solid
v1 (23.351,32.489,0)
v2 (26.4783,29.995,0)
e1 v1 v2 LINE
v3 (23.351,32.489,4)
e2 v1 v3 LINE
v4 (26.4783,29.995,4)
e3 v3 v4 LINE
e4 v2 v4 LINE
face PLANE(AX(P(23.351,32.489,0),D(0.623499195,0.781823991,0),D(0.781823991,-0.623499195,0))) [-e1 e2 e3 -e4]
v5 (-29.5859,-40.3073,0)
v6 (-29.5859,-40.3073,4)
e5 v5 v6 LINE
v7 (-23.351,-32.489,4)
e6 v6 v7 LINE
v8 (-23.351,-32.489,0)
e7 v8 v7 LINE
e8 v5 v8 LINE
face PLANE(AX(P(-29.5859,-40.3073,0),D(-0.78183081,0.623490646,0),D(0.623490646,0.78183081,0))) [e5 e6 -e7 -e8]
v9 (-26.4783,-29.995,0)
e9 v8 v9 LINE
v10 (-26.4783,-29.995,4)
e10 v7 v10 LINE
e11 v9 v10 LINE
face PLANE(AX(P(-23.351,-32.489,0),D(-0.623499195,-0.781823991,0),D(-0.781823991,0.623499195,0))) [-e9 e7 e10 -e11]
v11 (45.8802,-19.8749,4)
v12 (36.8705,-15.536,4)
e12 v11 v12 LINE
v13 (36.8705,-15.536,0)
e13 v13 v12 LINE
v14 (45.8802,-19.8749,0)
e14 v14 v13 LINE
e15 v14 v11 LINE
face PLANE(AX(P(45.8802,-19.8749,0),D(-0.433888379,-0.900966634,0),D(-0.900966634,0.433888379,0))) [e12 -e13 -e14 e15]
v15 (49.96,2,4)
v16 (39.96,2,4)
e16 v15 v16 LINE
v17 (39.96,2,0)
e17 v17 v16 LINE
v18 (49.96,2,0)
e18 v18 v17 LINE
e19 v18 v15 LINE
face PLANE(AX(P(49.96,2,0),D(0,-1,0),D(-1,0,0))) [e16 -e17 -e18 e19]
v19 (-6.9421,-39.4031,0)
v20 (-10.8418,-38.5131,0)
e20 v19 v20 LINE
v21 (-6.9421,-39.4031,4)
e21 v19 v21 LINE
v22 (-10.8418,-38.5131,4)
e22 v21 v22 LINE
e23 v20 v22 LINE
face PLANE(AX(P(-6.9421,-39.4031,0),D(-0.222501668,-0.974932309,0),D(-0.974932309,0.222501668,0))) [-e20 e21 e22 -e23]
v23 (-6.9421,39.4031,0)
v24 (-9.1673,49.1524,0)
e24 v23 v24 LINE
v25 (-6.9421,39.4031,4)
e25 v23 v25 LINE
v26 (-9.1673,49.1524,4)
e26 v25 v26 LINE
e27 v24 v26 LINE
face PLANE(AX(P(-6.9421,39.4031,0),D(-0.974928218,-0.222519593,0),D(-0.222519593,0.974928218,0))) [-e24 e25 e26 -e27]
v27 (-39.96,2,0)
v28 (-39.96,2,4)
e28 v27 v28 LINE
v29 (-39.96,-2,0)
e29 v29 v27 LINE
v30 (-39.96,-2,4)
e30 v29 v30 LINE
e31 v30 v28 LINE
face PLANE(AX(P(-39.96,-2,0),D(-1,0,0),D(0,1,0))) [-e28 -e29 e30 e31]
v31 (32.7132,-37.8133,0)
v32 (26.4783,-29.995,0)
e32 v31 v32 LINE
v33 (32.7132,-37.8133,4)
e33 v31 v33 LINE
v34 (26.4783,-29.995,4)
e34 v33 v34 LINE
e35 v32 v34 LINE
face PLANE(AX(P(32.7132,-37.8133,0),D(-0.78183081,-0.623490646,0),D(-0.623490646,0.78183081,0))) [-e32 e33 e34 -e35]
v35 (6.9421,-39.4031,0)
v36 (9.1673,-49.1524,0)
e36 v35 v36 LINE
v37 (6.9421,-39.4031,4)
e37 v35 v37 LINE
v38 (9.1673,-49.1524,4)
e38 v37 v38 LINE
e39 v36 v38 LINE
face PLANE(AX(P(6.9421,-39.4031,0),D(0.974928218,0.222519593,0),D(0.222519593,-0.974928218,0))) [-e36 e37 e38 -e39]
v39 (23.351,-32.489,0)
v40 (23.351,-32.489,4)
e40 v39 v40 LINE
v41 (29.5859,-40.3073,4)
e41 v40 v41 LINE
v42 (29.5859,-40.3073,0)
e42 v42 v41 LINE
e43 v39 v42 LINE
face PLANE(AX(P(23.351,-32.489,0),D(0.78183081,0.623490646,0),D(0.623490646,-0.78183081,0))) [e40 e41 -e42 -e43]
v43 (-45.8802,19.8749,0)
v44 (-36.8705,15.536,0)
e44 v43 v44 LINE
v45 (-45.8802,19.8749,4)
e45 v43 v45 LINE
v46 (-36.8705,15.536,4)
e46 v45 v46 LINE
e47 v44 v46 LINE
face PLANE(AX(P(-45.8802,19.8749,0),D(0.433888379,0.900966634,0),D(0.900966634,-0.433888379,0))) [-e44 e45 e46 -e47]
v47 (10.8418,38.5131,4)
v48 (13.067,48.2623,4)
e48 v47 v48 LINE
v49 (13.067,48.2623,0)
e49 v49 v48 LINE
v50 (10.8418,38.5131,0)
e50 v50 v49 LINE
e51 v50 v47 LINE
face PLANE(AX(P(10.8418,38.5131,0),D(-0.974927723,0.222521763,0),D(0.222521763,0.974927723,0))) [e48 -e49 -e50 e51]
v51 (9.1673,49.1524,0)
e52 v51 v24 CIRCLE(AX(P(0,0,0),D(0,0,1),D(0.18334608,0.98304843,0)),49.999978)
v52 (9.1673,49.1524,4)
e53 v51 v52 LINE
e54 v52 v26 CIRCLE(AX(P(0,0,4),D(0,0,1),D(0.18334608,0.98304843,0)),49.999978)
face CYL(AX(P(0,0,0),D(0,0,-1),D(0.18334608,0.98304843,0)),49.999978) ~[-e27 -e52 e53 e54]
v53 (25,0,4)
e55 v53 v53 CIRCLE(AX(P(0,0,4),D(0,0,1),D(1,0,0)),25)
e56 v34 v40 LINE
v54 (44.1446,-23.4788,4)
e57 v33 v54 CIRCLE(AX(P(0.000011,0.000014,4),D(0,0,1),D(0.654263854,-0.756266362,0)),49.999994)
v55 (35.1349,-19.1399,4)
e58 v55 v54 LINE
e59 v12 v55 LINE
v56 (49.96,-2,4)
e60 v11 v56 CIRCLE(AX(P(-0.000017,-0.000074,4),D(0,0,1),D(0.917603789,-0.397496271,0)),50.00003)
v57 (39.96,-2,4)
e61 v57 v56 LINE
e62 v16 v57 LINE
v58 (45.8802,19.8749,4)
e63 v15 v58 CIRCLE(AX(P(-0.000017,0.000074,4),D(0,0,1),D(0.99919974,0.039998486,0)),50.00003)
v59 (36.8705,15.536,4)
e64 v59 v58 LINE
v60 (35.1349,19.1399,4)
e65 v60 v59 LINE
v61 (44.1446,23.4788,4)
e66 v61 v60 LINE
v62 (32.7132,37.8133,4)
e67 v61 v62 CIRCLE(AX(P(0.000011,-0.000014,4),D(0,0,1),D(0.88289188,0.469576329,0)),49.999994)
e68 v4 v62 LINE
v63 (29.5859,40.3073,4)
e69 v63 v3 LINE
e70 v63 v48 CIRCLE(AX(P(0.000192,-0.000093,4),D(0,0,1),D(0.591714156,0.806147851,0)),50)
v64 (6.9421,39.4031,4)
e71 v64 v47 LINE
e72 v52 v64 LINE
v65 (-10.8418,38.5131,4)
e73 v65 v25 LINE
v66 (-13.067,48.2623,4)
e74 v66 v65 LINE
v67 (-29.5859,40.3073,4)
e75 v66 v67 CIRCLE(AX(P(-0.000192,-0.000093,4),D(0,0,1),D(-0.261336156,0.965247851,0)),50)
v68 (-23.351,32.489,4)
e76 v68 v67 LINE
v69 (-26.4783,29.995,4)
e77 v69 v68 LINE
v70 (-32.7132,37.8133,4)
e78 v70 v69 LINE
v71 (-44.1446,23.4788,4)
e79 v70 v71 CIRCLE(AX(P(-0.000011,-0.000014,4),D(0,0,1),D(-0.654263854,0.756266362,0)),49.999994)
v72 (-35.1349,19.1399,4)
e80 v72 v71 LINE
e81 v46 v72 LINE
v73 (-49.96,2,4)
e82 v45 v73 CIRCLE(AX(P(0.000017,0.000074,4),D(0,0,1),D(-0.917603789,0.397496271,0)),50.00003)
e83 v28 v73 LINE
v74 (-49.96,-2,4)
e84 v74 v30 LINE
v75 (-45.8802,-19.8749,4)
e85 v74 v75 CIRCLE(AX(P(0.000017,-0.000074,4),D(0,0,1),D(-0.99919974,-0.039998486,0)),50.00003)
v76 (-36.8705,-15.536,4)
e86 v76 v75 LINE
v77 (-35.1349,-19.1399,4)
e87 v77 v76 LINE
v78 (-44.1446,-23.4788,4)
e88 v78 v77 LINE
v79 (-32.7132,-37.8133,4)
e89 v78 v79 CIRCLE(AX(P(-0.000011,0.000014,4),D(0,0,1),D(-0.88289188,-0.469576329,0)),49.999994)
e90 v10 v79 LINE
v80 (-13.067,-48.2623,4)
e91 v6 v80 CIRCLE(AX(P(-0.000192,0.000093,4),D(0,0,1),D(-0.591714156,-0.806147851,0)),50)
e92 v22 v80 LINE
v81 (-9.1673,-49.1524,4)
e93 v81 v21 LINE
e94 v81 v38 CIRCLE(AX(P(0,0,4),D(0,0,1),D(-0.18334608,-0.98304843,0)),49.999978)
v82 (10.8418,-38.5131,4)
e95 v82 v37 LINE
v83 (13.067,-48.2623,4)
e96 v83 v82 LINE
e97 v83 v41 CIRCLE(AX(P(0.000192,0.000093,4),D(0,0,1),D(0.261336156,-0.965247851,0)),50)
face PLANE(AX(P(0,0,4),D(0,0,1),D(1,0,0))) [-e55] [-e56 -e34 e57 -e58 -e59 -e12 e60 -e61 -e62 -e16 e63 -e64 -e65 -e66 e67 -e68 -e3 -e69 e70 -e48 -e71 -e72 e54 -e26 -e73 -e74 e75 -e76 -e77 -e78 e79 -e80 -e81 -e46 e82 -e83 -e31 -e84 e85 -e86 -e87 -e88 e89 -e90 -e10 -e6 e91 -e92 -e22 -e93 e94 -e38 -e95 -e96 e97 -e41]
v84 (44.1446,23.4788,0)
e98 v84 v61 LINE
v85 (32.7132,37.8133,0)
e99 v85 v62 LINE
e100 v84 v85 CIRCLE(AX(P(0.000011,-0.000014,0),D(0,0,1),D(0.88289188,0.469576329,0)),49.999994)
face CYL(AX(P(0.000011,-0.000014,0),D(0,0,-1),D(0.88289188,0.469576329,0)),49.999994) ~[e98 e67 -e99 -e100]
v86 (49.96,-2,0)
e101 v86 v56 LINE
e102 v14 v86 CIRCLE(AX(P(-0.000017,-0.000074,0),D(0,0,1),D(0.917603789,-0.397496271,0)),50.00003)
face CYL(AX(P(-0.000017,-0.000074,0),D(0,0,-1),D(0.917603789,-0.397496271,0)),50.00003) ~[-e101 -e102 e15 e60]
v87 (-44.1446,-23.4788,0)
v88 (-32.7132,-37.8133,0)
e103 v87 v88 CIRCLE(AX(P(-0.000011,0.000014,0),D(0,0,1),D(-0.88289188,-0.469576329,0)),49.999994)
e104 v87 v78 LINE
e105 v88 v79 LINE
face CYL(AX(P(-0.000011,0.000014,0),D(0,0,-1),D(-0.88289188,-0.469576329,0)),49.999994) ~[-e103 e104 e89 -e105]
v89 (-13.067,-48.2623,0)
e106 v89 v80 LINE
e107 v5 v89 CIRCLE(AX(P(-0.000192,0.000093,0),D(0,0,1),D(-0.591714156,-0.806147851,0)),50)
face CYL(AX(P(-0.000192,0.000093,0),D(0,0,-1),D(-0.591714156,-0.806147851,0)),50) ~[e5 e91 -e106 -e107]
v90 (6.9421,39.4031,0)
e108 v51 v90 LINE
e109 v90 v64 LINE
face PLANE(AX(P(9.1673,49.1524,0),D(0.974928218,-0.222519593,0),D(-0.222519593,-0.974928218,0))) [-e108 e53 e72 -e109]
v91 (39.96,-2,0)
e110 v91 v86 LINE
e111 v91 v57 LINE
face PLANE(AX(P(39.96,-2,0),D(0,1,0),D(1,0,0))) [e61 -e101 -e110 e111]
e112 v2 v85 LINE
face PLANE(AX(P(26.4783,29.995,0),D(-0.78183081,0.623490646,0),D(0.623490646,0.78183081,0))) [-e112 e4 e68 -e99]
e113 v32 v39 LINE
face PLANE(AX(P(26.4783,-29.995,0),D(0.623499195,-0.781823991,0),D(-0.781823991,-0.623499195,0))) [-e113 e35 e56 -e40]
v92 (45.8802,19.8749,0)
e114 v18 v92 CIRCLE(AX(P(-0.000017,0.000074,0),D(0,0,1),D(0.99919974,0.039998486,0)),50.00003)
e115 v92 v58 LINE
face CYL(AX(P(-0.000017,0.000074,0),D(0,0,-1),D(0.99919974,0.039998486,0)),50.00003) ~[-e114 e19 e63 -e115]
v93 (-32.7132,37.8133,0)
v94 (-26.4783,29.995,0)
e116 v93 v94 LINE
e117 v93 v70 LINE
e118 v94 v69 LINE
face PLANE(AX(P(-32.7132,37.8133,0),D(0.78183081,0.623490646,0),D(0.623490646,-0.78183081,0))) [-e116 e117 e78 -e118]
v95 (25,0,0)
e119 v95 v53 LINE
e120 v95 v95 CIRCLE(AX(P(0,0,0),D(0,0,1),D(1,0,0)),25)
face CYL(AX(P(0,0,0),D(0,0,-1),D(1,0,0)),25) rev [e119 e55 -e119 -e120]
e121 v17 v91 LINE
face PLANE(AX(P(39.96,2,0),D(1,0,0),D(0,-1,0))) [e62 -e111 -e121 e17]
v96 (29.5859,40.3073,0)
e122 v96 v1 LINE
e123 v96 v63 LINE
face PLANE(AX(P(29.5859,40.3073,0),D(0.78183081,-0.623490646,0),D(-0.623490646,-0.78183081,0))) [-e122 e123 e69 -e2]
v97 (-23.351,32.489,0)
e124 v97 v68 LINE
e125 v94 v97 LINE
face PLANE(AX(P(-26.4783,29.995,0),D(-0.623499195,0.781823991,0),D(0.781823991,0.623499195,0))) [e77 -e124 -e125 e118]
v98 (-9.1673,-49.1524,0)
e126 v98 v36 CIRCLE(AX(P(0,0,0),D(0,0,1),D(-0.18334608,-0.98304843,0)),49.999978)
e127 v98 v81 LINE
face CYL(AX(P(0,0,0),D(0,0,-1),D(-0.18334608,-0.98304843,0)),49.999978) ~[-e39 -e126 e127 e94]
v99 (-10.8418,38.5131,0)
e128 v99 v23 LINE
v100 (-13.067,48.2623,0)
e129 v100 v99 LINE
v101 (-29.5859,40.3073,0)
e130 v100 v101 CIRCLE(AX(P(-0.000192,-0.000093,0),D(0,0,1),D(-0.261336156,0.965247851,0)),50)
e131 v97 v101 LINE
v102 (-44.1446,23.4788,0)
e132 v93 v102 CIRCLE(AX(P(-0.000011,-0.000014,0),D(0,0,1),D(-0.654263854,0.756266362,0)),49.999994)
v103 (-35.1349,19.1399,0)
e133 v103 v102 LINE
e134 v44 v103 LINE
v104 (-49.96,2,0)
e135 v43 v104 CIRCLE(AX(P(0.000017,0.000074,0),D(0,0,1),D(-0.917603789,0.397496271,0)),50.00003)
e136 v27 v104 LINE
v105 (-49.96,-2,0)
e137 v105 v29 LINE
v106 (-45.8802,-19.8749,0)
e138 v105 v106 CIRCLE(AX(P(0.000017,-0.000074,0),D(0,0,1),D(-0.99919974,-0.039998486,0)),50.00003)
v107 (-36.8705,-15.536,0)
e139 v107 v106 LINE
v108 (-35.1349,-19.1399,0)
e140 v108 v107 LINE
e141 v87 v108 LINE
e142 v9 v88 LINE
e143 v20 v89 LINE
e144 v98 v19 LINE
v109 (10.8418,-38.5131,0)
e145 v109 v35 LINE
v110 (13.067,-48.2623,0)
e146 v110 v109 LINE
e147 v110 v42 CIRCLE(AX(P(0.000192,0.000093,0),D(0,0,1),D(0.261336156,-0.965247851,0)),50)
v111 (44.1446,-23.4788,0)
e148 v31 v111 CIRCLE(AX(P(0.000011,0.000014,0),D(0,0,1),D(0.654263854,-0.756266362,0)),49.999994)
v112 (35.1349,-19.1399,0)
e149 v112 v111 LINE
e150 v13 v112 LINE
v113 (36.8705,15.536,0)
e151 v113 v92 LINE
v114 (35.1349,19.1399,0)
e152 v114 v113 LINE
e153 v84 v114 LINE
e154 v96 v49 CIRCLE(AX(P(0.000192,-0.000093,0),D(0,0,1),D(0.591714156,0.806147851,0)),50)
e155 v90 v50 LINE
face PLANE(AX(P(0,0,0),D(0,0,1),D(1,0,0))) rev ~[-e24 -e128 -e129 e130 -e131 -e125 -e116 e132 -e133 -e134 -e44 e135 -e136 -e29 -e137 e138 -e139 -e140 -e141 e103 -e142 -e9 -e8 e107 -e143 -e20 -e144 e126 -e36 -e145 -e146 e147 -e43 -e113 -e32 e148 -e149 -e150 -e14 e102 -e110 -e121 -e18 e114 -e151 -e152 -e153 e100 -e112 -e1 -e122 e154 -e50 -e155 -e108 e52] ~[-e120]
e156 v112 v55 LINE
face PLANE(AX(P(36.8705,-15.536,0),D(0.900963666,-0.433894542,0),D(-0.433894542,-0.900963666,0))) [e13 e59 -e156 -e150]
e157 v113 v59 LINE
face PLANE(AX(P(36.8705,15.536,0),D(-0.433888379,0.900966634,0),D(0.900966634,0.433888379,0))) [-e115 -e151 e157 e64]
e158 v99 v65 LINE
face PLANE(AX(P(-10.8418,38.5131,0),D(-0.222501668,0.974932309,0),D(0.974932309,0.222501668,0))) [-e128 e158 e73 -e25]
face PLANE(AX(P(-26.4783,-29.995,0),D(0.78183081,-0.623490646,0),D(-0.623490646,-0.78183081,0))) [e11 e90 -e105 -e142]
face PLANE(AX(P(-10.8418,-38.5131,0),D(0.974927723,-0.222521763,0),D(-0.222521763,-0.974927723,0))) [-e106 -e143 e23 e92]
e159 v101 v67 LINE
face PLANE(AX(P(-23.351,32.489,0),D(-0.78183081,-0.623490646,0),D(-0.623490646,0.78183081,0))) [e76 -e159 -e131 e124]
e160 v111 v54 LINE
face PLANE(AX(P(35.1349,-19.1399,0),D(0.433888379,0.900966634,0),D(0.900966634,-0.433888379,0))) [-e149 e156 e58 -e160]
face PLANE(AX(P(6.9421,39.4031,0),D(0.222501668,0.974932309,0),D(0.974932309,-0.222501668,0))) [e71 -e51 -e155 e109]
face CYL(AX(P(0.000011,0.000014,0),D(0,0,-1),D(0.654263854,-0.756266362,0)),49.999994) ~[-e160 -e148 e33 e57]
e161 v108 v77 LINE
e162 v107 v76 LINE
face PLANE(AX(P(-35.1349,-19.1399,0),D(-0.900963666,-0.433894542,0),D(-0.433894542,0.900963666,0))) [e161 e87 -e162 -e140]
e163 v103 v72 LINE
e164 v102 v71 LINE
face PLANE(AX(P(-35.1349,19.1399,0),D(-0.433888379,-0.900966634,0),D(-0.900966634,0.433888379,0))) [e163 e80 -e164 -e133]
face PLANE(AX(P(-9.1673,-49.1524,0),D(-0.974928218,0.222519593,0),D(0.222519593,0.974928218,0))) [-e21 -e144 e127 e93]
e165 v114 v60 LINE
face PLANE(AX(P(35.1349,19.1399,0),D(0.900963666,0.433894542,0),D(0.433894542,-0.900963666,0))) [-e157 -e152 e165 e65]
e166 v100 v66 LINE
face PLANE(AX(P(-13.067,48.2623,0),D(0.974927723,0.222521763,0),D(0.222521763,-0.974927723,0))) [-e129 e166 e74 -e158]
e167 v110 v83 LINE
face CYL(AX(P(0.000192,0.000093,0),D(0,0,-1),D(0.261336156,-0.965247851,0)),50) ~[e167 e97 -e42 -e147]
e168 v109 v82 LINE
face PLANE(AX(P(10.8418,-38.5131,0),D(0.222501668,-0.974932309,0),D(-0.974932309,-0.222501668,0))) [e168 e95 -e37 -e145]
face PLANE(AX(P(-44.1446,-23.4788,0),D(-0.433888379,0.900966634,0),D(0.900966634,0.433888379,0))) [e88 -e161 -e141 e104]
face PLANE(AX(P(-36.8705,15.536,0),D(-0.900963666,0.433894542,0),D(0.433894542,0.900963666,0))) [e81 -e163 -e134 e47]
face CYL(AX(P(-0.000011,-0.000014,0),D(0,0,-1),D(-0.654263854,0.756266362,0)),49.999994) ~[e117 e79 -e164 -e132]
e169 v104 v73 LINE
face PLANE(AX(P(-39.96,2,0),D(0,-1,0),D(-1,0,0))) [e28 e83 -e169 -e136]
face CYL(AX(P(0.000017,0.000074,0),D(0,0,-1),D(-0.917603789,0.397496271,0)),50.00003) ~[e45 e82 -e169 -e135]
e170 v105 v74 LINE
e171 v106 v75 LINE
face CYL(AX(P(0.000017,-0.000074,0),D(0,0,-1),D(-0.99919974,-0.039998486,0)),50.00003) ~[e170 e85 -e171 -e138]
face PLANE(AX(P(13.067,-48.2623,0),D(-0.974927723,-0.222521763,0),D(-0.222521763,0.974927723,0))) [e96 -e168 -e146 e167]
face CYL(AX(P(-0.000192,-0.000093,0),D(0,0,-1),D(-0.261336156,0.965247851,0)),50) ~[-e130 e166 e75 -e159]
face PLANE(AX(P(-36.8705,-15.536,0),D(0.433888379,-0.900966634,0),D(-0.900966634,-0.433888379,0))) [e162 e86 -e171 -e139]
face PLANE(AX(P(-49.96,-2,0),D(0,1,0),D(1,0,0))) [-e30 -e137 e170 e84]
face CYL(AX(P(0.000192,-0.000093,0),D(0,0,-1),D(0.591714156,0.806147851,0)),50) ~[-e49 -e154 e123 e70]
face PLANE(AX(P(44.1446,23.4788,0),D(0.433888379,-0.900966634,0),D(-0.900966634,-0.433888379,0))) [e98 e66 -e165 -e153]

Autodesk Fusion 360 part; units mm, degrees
sketch "Sketch1" plane through (0, 0, 0) normal (0, 0, 1) x (1, 0, 0)
  line L0 (0, 0) -> (20, 0)
  line L1 (20, 0) -> (120, -250)
  line L2 (120, -250) -> (70, -400)
  line L3 (70, -400) -> (50, -400)
  line L4 (4, -10) -> (14, -10)
  line L5 (53.3333, -390) -> (63.3333, -390)
  line L6 (63.3333, -386) -> (54.6667, -386)
  line L7 (100, -250) -> (54.6667, -386)
  line L8 (53.3333, -390) -> (50, -400)
  line L9 (0, 0) -> (4, -10)
  line L10 (5.6, -14) -> (100, -250)
  line L11 (14, -10) -> (14, -14)
  line L12 (5.6, -14) -> (14, -14)
  line L13 (63.3333, -390) -> (63.3333, -386)
  dimension "d4" = 400
  dimension "d5" = 50
  dimension "d6" = 50
  dimension "d7" = 250
  dimension "d9" = 20
  dimension "d10" = 20
  dimension "d11" = 20
  dimension "d12" = 10
  dimension "d13" = 4
  dimension "d14" = 10
  dimension "d15" = 10
  dimension "d16" = 4
  dimension "d17" = 10
  dimension "d27" = 4
extrude "Extrude1" add sketch "Sketch1" along normal blind 4
sketch "Sketch1 (2)" plane through (0, 0, 0) normal (0, 0, 1) x (1, 0, 0) in component "Lampi1"
component "Lampi1" placed x (1, 0, 0) y (0, 1, 0) z (0, 0, 1) at (0, 0, 0)
equation "d4 = haed_skerms"
equation "d5 = umfram_radius"
equation "d6 = umfram_radius"
equation "d7 = haed_u"
equation "d9 = Linear Dimension-6"
equation "d10 = Linear Dimension-7"
equation "d11 = Linear Dimension-8"
equation "d12 = dypt_pressfit"
equation "d13 = Linear Dimension-10"
equation "d14 = dypt_pressfit"
equation "d15 = dypt_pressfit"
equation "d16 = Linear Dimension-13"
equation "d17 = dypt_pressfit"
equation "haed_skerms = 400 mm"
equation "haed_u = 250 mm"
equation "head_l = 150 mm"
equation "dypt_pressfit = 10 mm"
equation "umfram_radius = 50 mm"

Autodesk Fusion 360 part; units mm, degrees
sketch "Sketch1" plane through (0, 0, 0) normal (0, 0, 1) x (1, 0, 0)
  circle A0 centre (0, 0) radius 25
  line L0 (49.96, 2) -> (39.96, 2)
  line L1 (39.96, 2) -> (39.96, -2)
  line L2 (39.96, -2) -> (49.96, -2)
  line L3 (44.1446, 23.4788) -> (35.1349, 19.1399)
  line L4 (36.8705, 15.536) -> (45.8802, 19.8749)
  line L5 (35.1349, 19.1399) -> (36.8705, 15.536)
  line L6 (29.5859, 40.3073) -> (23.351, 32.489)
  line L7 (26.4783, 29.995) -> (32.7132, 37.8133)
  line L8 (23.351, 32.489) -> (26.4783, 29.995)
  line L9 (9.1673, 49.1524) -> (6.9421, 39.4031)
  line L10 (10.8418, 38.5131) -> (13.067, 48.2623)
  line L11 (6.9421, 39.4031) -> (10.8418, 38.5131)
  line L12 (-13.067, 48.2623) -> (-10.8418, 38.5131)
  line L13 (-6.9421, 39.4031) -> (-9.1673, 49.1524)
  line L14 (-10.8418, 38.5131) -> (-6.9421, 39.4031)
  line L15 (-32.7132, 37.8133) -> (-26.4783, 29.995)
  line L16 (-23.351, 32.489) -> (-29.5859, 40.3073)
  line L17 (-26.4783, 29.995) -> (-23.351, 32.489)
  line L18 (-45.8802, 19.8749) -> (-36.8705, 15.536)
  line L19 (-35.1349, 19.1399) -> (-44.1446, 23.4788)
  line L20 (-36.8705, 15.536) -> (-35.1349, 19.1399)
  line L21 (-49.96, -2) -> (-39.96, -2)
  line L22 (-39.96, 2) -> (-49.96, 2)
  line L23 (-39.96, -2) -> (-39.96, 2)
  line L24 (-44.1446, -23.4788) -> (-35.1349, -19.1399)
  line L25 (-36.8705, -15.536) -> (-45.8802, -19.8749)
  line L26 (-35.1349, -19.1399) -> (-36.8705, -15.536)
  line L27 (-29.5859, -40.3073) -> (-23.351, -32.489)
  line L28 (-26.4783, -29.995) -> (-32.7132, -37.8133)
  line L29 (-23.351, -32.489) -> (-26.4783, -29.995)
  line L30 (-9.1673, -49.1524) -> (-6.9421, -39.4031)
  line L31 (-10.8418, -38.5131) -> (-13.067, -48.2623)
  line L32 (-6.9421, -39.4031) -> (-10.8418, -38.5131)
  line L33 (13.067, -48.2623) -> (10.8418, -38.5131)
  line L34 (6.9421, -39.4031) -> (9.1673, -49.1524)
  line L35 (10.8418, -38.5131) -> (6.9421, -39.4031)
  line L36 (32.7132, -37.8133) -> (26.4783, -29.995)
  line L37 (23.351, -32.489) -> (29.5859, -40.3073)
  line L38 (26.4783, -29.995) -> (23.351, -32.489)
  line L39 (45.8802, -19.8749) -> (36.8705, -15.536)
  line L40 (35.1349, -19.1399) -> (44.1446, -23.4788)
  line L41 (36.8705, -15.536) -> (35.1349, -19.1399)
  arc A1 (49.96, 2) -> (45.8802, 19.8749) centre (0, 0) ccw
  arc A2 (44.1446, 23.4788) -> (32.7132, 37.8133) centre (0, 0) ccw
  arc A3 (29.5859, 40.3073) -> (13.067, 48.2623) centre (0, 0) ccw
  arc A4 (9.1673, 49.1524) -> (-9.1673, 49.1524) centre (0, 0) ccw
  arc A5 (-13.067, 48.2623) -> (-29.5859, 40.3073) centre (0, 0) ccw
  arc A6 (-32.7132, 37.8133) -> (-44.1446, 23.4788) centre (0, 0) ccw
  arc A7 (-45.8802, 19.8749) -> (-49.96, 2) centre (0, 0) ccw
  arc A8 (-49.96, -2) -> (-45.8802, -19.8749) centre (0, 0) ccw
  arc A9 (-44.1446, -23.4788) -> (-32.7132, -37.8133) centre (0, 0) ccw
  arc A10 (-29.5859, -40.3073) -> (-13.067, -48.2623) centre (0, 0) ccw
  arc A11 (-9.1673, -49.1524) -> (9.1673, -49.1524) centre (0, 0) ccw
  arc A12 (13.067, -48.2623) -> (29.5859, -40.3073) centre (0, 0) ccw
  arc A13 (32.7132, -37.8133) -> (44.1446, -23.4788) centre (0, 0) ccw
  arc A14 (45.8802, -19.8749) -> (49.96, -2) centre (0, 0) ccw
  dimension "d1" = 100
  dimension "d6" = 50
  dimension "d7" = 10
  dimension "d8" = 10
  dimension "d9" = 4
  dimension "d11" = 360
extrude "Extrude1" add sketch "Sketch1" along normal blind 4
equation "d1 = D_o"
equation "D_o = 100 mm"
equation "D_i = 50 mm"
equation "offset = 10 mm"
equation "d6 = D_i"
equation "d7 = offset"
equation "d8 = offset"
equation "d9 = Linear Dimension-4"
